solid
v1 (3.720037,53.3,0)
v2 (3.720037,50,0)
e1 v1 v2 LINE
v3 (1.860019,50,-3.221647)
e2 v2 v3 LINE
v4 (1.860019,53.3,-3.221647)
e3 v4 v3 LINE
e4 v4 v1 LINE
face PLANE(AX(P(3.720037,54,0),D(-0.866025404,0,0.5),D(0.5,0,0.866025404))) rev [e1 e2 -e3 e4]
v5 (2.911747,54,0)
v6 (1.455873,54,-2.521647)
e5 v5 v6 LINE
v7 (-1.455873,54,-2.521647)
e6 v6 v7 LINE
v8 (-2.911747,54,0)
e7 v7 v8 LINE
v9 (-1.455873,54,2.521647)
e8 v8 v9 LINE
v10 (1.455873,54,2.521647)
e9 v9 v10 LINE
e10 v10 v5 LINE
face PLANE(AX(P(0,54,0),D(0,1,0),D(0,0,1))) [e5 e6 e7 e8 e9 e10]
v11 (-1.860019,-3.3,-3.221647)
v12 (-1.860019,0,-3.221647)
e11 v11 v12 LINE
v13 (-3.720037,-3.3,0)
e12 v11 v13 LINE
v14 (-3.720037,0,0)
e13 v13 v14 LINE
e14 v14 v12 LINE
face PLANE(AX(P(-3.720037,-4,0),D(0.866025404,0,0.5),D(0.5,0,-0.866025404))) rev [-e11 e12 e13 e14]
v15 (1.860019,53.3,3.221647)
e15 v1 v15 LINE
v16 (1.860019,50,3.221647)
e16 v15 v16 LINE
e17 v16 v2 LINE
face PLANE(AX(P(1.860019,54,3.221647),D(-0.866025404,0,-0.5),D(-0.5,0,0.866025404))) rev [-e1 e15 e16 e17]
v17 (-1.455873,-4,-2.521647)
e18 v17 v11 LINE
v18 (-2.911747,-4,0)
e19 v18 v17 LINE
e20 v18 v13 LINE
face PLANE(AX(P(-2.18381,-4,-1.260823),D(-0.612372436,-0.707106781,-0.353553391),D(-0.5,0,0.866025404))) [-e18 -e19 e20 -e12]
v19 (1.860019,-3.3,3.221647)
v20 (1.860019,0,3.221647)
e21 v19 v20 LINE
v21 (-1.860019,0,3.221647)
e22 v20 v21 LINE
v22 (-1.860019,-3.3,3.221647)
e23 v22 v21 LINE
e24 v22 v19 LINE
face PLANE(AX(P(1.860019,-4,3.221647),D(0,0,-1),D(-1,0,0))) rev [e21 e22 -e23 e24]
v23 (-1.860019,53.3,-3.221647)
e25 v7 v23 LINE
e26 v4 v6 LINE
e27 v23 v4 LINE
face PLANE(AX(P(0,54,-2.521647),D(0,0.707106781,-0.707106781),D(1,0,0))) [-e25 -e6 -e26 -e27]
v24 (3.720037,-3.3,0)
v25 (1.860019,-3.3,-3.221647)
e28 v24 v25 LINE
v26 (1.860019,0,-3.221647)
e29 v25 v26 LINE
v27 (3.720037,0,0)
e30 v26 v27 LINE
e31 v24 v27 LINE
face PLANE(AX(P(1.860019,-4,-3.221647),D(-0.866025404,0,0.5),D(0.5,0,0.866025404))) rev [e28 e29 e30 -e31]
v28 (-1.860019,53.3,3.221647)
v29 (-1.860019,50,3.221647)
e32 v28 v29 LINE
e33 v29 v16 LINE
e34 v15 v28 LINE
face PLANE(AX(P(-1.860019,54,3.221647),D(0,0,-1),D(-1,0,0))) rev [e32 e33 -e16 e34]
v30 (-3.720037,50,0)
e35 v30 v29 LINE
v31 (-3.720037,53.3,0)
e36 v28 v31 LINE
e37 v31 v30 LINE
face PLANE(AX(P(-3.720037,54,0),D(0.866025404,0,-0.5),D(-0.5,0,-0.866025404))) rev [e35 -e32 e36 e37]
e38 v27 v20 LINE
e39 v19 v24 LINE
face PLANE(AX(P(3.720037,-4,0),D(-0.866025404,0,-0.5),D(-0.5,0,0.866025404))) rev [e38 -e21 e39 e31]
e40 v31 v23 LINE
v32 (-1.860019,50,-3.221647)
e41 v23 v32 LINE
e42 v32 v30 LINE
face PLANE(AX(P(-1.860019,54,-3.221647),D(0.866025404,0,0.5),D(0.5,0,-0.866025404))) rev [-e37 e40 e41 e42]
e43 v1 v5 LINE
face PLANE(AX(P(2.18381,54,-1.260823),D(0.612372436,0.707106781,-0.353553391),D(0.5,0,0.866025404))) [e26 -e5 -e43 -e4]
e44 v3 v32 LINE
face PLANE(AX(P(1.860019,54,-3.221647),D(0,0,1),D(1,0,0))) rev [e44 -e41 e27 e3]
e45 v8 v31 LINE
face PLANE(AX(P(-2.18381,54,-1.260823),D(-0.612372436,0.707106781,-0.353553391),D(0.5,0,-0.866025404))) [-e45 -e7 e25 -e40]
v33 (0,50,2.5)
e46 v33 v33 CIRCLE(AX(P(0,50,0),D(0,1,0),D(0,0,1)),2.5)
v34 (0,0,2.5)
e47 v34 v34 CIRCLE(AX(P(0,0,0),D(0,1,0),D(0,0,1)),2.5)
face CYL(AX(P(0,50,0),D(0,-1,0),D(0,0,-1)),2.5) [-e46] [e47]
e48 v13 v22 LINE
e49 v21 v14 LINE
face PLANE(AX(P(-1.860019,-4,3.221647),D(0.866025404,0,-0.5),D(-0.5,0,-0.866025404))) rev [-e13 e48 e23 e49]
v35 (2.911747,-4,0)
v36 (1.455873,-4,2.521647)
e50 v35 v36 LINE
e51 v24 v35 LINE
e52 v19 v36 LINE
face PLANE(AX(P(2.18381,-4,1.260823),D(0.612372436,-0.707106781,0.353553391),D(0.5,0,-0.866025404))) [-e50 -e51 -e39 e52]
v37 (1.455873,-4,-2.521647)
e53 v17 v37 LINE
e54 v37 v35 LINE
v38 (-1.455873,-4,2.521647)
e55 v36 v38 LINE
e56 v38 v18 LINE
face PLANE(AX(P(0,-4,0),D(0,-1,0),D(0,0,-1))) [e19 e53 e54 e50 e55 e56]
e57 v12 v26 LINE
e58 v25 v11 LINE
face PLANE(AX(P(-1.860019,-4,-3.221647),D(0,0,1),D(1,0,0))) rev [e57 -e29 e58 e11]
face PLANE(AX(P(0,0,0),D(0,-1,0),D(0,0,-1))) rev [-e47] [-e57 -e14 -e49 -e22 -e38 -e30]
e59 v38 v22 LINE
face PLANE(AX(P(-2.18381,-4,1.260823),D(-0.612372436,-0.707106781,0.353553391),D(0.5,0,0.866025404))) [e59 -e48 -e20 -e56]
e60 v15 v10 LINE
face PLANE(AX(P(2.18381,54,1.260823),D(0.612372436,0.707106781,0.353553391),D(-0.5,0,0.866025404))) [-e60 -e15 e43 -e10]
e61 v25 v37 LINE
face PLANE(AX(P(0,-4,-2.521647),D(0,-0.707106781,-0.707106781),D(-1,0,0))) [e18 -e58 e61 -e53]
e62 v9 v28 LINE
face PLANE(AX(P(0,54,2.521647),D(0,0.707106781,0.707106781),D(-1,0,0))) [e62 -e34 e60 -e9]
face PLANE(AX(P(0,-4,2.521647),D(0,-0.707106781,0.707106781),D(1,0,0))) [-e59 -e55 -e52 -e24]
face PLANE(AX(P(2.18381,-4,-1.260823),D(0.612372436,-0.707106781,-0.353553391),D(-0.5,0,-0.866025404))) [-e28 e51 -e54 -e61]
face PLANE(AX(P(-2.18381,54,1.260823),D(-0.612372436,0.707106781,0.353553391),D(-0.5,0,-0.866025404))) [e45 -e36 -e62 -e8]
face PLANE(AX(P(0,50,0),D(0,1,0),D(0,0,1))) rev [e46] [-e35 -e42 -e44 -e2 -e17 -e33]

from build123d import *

# Parameters (mm, degrees)
SKETCH1_R           = 2.5
BOSS_EXTRUDE1_DEPTH = 50
BOSS_EXTRUDE2_DEPTH = 4
CHAMFER1_SIZE       = 0.7
BOSS_EXTRUDE3_DEPTH = 4
CHAMFER2_SIZE       = 0.7


with BuildPart() as part:
    # Sketch1 → Boss-Extrude1 (new body)
    with BuildSketch(Plane(origin=(0, 0, 0), x_dir=(1, 0, 0), z_dir=(0, 1, 0))):
        Circle(SKETCH1_R)
    extrude(amount=BOSS_EXTRUDE1_DEPTH)

    # Sketch2 → Boss-Extrude2 (add)
    with BuildSketch(Plane(origin=(0, 50, 0), x_dir=(1, 0, 0), z_dir=(0, 1, 0))):
        Polygon((3.720037117, 0), (1.860018559, 3.221646647), (-1.860018559, 3.221646647), (-3.720037117, 0), (-1.860018559, -3.221646647), (1.860018559, -3.221646647), align=None)
    extrude(amount=BOSS_EXTRUDE2_DEPTH)

    # Chamfer1
    chamfer1_edges = [part.edges().sort_by_distance(p)[0] for p in [
        (2.790027838, 54, 1.610823323),
        (2.790027838, 54, -1.610823323),
        (0, 54, -3.221646647),
        (-2.790027838, 54, -1.610823323),
        (-2.790027838, 54, 1.610823323),
        (0, 54, 3.221646647),
    ]]
    chamfer(chamfer1_edges, length=CHAMFER1_SIZE)

    # Sketch3 → Boss-Extrude3 (add)
    with BuildSketch(Plane.XZ):
        Polygon((3.720037117, 0), (1.860018559, 3.221646647), (-1.860018559, 3.221646647), (-3.720037117, 0), (-1.860018559, -3.221646647), (1.860018559, -3.221646647), align=None)
    extrude(amount=BOSS_EXTRUDE3_DEPTH)

    # Chamfer2
    chamfer2_edges = [part.edges().sort_by_distance(p)[0] for p in [
        (2.790027838, -4, -1.610823323),
        (2.790027838, -4, 1.610823323),
        (0, -4, 3.221646647),
        (-2.790027838, -4, 1.610823323),
        (-2.790027838, -4, -1.610823323),
        (0, -4, -3.221646647),
    ]]
    chamfer(chamfer2_edges, length=CHAMFER2_SIZE)


solid = part.part
